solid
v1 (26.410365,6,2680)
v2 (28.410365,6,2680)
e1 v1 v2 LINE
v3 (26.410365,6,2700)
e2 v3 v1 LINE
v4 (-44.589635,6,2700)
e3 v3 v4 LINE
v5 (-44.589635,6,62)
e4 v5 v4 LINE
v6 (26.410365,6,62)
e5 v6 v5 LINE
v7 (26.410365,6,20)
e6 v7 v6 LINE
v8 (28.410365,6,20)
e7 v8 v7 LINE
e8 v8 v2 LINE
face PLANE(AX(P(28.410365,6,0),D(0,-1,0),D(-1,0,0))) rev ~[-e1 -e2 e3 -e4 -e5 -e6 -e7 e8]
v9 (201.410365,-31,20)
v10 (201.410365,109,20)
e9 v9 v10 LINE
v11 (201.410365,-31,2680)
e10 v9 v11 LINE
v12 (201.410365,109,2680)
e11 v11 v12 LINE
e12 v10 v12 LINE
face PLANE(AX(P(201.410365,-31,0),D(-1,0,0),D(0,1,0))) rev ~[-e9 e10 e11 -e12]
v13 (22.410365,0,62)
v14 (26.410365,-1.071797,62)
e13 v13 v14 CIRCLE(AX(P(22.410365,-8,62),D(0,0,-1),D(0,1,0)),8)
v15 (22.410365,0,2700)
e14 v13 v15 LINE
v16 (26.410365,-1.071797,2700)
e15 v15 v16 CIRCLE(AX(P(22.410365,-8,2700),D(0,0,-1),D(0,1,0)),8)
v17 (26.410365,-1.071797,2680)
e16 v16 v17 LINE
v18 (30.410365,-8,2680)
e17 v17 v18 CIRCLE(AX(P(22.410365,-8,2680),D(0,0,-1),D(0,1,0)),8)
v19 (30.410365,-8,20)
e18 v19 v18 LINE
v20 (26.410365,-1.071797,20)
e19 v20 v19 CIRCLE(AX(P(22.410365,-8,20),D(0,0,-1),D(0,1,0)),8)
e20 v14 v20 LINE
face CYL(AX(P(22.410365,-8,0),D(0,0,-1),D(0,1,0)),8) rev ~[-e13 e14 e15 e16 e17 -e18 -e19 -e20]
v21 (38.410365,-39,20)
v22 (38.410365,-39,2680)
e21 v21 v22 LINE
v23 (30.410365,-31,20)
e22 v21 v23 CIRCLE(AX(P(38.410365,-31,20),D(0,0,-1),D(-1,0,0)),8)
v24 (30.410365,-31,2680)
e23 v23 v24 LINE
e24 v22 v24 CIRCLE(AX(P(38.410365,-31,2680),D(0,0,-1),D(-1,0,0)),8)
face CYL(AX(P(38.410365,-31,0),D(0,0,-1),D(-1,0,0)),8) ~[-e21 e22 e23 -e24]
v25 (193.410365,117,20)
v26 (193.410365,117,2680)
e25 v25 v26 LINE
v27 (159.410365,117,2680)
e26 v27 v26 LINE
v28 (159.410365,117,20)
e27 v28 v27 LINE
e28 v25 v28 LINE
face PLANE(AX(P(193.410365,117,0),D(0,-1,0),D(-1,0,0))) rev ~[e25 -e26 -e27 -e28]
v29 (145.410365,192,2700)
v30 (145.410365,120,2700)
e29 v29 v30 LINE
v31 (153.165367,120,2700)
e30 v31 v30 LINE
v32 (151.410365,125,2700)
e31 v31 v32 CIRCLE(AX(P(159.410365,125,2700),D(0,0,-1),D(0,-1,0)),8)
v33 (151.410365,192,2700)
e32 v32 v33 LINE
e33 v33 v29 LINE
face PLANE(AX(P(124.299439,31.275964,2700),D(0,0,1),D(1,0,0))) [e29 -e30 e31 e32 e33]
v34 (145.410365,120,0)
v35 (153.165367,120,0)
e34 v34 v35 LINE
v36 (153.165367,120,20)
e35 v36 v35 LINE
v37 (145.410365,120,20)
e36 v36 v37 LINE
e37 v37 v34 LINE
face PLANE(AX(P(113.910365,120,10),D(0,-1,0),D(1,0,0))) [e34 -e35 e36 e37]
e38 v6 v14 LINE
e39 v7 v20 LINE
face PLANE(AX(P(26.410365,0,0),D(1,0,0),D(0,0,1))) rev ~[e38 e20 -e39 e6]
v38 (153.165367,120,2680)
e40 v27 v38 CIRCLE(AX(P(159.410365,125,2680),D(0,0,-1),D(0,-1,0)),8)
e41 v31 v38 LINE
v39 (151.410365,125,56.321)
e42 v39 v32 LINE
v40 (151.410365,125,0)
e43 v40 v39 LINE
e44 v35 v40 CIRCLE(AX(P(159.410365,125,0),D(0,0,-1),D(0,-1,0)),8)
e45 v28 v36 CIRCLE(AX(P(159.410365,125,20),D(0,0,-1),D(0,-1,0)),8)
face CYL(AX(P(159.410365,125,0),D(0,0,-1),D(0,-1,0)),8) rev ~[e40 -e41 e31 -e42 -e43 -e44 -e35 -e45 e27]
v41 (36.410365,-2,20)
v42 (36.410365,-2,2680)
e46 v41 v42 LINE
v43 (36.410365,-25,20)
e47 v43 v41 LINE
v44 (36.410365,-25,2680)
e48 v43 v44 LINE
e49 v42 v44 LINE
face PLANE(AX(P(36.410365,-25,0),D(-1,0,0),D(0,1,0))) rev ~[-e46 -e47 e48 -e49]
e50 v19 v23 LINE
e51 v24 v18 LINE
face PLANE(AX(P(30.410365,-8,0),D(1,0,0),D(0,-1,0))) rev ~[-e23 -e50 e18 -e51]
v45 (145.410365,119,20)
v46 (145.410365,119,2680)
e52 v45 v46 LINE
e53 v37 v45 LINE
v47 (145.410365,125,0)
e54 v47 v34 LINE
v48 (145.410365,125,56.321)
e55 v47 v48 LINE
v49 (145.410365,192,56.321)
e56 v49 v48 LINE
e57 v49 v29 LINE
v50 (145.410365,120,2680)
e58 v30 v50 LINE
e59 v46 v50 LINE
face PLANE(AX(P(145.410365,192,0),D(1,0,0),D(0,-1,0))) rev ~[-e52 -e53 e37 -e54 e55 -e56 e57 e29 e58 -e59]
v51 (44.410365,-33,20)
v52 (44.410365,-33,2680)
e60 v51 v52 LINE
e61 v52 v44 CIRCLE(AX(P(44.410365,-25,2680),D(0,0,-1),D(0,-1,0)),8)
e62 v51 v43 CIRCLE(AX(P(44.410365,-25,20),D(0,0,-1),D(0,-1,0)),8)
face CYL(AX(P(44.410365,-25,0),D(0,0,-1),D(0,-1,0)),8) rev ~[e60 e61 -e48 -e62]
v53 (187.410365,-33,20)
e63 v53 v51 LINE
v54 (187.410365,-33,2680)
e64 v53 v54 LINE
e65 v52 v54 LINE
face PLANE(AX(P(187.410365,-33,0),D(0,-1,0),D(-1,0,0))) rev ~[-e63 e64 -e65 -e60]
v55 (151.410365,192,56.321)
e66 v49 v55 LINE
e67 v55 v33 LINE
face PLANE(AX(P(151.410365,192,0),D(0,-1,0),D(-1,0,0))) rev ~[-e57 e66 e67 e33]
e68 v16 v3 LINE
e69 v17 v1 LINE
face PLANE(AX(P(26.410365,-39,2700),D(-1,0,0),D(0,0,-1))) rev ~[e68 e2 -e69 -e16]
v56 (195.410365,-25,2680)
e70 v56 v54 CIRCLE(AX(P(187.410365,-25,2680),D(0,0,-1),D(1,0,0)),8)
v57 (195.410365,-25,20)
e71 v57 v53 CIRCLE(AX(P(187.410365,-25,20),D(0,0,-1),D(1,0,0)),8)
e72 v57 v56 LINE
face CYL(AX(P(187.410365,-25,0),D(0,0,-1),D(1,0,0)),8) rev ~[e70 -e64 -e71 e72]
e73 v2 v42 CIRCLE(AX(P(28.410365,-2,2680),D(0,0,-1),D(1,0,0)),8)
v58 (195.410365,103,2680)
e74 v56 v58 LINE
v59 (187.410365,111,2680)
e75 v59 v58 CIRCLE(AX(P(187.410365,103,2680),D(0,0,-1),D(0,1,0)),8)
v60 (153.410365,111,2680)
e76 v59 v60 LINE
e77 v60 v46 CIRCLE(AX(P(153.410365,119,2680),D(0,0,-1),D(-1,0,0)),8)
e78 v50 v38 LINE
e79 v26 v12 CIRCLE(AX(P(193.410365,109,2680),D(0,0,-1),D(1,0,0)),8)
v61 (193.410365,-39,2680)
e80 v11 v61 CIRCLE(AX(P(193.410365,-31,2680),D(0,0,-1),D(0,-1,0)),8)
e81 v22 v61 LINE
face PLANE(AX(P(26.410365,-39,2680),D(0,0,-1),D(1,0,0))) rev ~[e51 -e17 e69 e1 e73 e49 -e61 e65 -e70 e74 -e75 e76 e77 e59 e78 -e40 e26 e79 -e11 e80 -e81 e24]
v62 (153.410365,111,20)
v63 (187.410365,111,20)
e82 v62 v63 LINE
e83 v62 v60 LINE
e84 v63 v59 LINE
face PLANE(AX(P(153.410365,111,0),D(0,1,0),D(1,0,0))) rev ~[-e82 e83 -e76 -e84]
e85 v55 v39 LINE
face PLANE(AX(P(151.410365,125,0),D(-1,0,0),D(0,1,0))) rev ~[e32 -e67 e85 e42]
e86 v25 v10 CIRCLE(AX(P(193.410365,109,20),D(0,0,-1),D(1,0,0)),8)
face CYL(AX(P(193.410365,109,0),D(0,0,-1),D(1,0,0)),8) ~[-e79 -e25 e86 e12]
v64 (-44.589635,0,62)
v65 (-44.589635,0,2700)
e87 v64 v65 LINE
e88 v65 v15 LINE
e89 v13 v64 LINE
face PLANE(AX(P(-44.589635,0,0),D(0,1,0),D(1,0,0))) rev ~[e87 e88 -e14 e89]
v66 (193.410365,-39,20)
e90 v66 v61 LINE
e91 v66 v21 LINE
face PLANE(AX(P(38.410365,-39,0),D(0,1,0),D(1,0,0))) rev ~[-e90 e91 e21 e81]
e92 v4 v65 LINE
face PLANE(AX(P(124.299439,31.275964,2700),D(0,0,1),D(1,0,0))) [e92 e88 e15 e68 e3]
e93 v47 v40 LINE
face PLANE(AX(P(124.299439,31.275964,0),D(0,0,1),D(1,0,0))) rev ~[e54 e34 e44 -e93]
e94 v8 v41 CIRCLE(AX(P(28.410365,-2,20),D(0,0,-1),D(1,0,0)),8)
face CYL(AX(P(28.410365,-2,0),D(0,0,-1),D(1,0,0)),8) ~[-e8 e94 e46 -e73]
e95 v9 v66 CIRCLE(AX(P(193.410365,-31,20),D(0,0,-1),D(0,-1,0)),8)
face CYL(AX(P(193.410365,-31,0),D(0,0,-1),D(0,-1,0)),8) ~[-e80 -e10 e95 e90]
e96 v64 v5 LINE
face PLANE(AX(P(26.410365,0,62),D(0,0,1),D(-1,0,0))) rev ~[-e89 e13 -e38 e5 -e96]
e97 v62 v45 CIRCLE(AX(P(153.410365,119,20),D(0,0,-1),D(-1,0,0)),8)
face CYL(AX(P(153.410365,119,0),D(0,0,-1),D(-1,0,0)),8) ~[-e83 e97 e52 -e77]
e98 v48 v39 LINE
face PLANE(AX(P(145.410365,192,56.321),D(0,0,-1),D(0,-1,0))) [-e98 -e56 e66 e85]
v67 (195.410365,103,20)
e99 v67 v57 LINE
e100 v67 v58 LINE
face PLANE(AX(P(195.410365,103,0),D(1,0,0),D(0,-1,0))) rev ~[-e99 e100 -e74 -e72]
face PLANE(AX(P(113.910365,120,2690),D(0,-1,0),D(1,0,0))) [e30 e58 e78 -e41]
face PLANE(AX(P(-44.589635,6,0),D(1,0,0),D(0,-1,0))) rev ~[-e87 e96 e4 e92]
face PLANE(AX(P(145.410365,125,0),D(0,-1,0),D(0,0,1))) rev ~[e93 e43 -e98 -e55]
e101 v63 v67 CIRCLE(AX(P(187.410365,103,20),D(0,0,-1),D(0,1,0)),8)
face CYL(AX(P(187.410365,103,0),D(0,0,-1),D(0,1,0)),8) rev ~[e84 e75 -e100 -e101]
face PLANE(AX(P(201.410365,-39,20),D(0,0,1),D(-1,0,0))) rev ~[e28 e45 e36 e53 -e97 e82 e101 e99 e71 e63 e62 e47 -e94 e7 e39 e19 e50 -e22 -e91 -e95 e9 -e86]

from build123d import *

# Parameters (mm, degrees)
F1_DEPTH      = 2700
F3_DEPTH      = 159
F5_W          = 67
F5_H          = 56.321
F6_DEPTH      = 25
F8_DEPTH      = 192.001
F8_DEPTH_BACK = 39.001


with BuildPart() as f1:
    # F0 (on Top) → F1 (new body)
    with BuildSketch(Plane.XY):
        with BuildLine():
            Line((-44.5896353125, 6), (-44.5896353125, 0))
            Line((-44.5896353125, 0), (22.4103646875, 0))
            ThreePointArc((22.4103646875, 0), (28.067218937, -2.3431457505), (30.4103646875, -8))
            Line((30.4103646875, -8), (30.4103646875, -31))
            ThreePointArc((30.4103646875, -31), (32.753510438, -36.6568542495), (38.4103646875, -39))
            Line((38.4103646875, -39), (193.4103646875, -39))
            ThreePointArc((193.4103646875, -39), (199.067218937, -36.6568542495), (201.4103646875, -31))
            Line((201.4103646875, -31), (201.4103646875, 109))
            ThreePointArc((201.4103646875, 109), (199.067218937, 114.6568542495), (193.4103646875, 117))
            Line((193.4103646875, 117), (159.4103646875, 117))
            ThreePointArc((159.4103646875, 117), (153.753510438, 119.3431457505), (151.4103646875, 125))
            Line((151.4103646875, 125), (151.4103646875, 192))
            Line((151.4103646875, 192), (145.4103646875, 192))
            Line((145.4103646875, 192), (145.4103646875, 119))
            ThreePointArc((145.4103646875, 119), (147.753510438, 113.3431457505), (153.4103646875, 111))
            Line((153.4103646875, 111), (187.4103646875, 111))
            ThreePointArc((187.4103646875, 111), (193.067218937, 108.6568542495), (195.4103646875, 103))
            Line((195.4103646875, 103), (195.4103646875, -25))
            ThreePointArc((195.4103646875, -25), (193.067218937, -30.6568542495), (187.4103646875, -33))
            Line((187.4103646875, -33), (44.4103646875, -33))
            ThreePointArc((44.4103646875, -33), (38.753510438, -30.6568542495), (36.4103646875, -25))
            Line((36.4103646875, -25), (36.4103646875, -2))
            ThreePointArc((36.4103646875, -2), (34.067218937, 3.6568542495), (28.4103646875, 6))
            Line((28.4103646875, 6), (-44.5896353125, 6))
        make_face()
    extrude(amount=F1_DEPTH)

    # F2 (on face) → F3 (cut)
    with BuildSketch(Plane.XZ.offset(39)):
        Polygon((201.4103646875, 0), (201.4103646875, 20), (193.4103646875, 20), (26.4103646875, 20), (26.4103646875, 0), (38.4103646875, 0), (193.4103646875, 0), align=None)
        Polygon((193.4103646875, 2700), (38.4103646875, 2700), (26.4103646875, 2700), (26.4103646875, 2680), (193.4103646875, 2680), (201.4103646875, 2680), (201.4103646875, 2700), align=None)
    extrude(amount=-F3_DEPTH, mode=Mode.SUBTRACT)

    # F5 (on face) → F6 (cut)
    with BuildSketch(Plane(origin=(145.4103646875, 0, 0), x_dir=(0, -1, 0), z_dir=(-1, 0, 0))):
        with Locations((-158.5, 28.1605)):
            Rectangle(F5_W, F5_H)
    extrude(amount=-F6_DEPTH, mode=Mode.SUBTRACT)

    # F7 (on Front) → F8 (cut, two sides)
    with BuildSketch(Plane.XZ) as f8_sk:
        Polygon((-44.5896353125, 62), (-44.5896353125, 0), (22.4103646875, 0), (26.4103646875, 0), (26.4103646875, 20), (26.4103646875, 62), align=None)
    extrude(amount=-F8_DEPTH, mode=Mode.SUBTRACT)
    extrude(f8_sk.sketch, amount=F8_DEPTH_BACK, mode=Mode.SUBTRACT)


solid = f1.part
